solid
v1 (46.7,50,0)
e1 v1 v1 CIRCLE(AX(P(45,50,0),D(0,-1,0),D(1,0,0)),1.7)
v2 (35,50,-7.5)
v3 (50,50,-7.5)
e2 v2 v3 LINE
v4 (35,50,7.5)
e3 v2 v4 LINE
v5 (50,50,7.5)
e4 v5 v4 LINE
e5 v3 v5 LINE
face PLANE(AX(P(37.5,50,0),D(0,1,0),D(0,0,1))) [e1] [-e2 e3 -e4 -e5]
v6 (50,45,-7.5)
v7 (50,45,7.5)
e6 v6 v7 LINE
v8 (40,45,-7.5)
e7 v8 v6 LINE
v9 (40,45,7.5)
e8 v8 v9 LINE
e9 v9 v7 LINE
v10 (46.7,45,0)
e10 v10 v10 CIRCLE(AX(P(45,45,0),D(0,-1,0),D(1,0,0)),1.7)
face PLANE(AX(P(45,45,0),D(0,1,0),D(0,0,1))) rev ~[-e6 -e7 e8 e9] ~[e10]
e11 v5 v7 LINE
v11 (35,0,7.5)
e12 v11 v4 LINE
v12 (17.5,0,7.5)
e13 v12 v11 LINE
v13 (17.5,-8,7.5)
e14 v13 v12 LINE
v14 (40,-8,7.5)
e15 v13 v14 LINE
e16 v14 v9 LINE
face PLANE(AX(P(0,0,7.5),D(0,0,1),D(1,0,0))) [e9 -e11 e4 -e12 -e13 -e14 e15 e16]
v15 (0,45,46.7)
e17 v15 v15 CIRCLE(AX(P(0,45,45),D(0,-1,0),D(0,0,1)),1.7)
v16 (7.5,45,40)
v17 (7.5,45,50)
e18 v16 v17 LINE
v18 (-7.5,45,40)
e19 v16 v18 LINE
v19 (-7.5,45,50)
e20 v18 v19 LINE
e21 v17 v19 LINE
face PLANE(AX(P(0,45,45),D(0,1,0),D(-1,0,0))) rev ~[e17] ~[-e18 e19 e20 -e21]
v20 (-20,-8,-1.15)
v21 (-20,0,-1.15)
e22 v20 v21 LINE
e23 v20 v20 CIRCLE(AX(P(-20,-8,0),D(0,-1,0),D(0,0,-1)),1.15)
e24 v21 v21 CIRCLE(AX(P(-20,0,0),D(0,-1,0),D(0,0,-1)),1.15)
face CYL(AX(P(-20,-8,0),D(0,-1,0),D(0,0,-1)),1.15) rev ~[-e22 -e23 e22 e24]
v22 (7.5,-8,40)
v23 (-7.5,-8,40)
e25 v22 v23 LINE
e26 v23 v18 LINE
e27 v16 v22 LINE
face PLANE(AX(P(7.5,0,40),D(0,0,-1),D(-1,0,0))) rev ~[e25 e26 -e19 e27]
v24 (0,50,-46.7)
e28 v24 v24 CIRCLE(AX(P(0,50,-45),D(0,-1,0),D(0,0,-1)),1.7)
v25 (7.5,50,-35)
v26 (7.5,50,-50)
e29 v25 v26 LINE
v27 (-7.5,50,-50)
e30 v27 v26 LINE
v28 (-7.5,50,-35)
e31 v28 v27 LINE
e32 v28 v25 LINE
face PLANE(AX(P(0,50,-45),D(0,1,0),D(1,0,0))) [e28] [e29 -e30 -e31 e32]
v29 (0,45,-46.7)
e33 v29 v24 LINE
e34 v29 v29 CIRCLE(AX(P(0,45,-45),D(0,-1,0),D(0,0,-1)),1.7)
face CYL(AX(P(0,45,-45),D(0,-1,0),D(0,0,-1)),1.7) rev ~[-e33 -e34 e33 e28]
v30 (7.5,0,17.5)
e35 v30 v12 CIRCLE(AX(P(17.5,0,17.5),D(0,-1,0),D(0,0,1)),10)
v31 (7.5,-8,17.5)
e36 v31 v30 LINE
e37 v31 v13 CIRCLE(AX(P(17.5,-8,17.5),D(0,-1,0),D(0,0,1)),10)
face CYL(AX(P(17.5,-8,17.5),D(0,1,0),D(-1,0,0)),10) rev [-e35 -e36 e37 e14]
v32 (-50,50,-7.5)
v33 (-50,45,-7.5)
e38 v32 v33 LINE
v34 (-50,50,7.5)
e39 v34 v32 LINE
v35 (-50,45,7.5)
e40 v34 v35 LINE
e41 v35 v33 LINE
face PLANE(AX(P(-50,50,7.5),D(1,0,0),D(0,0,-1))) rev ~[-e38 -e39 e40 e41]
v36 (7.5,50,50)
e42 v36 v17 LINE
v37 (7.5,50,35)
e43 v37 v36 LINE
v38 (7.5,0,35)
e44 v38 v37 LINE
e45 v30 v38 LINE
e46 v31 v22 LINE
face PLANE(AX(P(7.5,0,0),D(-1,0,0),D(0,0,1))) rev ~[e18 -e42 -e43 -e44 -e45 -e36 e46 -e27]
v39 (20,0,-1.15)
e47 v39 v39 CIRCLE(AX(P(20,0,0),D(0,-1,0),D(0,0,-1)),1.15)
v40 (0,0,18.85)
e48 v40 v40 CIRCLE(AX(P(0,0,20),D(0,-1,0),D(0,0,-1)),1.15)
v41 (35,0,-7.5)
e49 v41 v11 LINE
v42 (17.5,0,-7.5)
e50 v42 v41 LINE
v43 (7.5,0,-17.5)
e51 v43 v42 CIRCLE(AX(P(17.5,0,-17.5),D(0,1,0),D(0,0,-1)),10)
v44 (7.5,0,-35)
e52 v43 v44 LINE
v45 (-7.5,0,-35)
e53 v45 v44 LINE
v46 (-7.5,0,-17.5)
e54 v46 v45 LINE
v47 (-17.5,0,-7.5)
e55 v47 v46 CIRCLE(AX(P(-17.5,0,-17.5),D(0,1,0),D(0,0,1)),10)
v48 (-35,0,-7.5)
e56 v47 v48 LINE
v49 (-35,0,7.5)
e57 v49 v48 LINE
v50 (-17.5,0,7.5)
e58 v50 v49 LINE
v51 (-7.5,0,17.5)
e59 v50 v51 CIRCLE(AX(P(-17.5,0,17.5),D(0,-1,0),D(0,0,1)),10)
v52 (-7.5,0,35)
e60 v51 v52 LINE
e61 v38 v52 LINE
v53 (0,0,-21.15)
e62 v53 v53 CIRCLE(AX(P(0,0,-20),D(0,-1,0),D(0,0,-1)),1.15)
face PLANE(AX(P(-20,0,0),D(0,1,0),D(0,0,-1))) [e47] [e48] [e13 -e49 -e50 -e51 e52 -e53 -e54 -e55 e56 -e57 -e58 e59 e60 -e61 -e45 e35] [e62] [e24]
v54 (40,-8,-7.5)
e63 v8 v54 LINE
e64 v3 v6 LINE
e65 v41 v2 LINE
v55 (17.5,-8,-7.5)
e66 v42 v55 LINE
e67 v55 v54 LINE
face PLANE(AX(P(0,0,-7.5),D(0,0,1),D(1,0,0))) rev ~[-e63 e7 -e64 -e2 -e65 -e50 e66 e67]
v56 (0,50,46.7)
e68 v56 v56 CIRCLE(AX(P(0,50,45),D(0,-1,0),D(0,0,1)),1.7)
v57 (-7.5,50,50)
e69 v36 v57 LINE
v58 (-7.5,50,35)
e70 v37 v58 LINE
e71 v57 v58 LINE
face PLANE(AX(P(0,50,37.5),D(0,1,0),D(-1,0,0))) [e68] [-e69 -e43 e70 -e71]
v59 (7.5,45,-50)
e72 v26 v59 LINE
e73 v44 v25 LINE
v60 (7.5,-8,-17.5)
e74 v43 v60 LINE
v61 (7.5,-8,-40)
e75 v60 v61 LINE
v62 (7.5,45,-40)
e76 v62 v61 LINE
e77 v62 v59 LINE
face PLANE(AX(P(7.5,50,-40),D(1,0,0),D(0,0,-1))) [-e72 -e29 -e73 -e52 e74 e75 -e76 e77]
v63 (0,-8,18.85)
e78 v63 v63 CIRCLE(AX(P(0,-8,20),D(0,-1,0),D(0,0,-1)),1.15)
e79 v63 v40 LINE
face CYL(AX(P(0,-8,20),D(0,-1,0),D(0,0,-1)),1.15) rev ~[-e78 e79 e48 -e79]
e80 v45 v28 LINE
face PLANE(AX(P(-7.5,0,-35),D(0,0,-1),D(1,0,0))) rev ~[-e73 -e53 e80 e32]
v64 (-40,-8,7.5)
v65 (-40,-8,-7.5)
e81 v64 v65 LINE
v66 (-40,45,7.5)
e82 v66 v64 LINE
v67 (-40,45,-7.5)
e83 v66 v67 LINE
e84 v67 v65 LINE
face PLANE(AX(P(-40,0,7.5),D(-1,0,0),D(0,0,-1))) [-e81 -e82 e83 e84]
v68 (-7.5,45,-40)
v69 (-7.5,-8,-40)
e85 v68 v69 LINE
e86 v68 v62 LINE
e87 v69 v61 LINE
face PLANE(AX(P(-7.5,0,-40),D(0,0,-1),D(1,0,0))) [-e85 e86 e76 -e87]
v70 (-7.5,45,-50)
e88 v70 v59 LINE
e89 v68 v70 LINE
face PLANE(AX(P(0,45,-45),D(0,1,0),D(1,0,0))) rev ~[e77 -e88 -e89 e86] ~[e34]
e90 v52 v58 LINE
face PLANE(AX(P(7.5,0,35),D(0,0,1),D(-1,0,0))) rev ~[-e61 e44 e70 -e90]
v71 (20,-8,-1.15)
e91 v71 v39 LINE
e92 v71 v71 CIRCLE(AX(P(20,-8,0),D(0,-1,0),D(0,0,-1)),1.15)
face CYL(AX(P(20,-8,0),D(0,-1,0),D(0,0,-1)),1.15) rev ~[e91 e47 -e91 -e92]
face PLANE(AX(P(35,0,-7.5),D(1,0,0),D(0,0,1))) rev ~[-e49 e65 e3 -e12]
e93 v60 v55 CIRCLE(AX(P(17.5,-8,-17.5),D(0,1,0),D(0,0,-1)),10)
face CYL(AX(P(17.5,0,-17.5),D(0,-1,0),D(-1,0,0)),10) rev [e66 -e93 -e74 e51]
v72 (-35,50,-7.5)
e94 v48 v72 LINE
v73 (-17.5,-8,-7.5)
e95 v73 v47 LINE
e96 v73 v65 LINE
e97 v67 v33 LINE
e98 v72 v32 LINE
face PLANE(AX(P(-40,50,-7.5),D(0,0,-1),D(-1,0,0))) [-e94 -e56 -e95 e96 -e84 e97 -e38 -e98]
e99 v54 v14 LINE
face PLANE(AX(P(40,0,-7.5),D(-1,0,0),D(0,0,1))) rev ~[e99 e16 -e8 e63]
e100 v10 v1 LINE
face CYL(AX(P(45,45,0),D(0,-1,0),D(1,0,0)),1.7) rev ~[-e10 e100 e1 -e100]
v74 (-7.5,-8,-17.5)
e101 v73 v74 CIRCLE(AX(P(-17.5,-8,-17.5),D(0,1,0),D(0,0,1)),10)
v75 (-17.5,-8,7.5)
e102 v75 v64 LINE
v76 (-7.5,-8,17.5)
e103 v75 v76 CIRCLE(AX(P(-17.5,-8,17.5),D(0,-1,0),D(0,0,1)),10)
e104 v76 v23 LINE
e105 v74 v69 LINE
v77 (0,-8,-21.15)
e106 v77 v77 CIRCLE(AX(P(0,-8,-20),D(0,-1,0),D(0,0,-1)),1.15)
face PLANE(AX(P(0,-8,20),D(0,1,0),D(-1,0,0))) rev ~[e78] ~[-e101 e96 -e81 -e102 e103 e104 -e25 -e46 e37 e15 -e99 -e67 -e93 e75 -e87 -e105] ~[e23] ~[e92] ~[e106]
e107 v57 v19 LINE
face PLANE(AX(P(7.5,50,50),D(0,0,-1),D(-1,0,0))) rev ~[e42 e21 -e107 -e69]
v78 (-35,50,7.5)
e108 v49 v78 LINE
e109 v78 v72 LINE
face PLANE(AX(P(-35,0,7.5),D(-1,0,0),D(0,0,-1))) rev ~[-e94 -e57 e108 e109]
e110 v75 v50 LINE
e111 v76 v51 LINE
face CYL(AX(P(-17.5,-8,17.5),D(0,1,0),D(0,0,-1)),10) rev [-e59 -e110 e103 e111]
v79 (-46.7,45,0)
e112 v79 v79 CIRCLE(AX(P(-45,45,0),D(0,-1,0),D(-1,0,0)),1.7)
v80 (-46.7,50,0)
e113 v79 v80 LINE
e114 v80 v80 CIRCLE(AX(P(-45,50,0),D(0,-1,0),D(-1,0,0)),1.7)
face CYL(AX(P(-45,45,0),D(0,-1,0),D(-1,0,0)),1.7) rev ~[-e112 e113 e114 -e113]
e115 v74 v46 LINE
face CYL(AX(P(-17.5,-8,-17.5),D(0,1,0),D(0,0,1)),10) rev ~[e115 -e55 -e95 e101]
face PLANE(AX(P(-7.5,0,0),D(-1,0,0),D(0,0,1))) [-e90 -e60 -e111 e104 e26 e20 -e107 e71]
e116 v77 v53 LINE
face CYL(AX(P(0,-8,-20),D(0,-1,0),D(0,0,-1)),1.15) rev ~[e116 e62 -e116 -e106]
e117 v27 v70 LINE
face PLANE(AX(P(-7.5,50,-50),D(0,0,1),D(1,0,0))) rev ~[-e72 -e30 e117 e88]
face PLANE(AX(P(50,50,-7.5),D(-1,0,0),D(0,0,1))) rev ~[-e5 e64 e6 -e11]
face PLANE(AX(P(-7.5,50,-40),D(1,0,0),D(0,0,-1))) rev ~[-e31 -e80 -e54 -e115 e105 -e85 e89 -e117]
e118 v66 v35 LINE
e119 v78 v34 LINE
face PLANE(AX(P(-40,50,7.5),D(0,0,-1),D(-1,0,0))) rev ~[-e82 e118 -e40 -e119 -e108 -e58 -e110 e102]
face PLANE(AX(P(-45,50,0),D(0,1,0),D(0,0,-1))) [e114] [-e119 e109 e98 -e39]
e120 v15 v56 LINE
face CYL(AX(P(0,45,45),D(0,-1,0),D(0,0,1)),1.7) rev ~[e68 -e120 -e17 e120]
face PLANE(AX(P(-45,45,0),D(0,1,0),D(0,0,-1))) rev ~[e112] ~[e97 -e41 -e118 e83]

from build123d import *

# Parameters (mm, degrees)
SKETCH2_W           = 15
SKETCH2_H           = 40
BOSS_EXTRUDE1_DEPTH = 8
SKETCH3_W           = 15
SKETCH3_H           = 5
BOSS_EXTRUDE4_DEPTH = 50
SKETCH6_W           = 15
SKETCH6_H           = 10
BOSS_EXTRUDE5_DEPTH = 5
SKETCH8_R           = 1.7
CUT_EXTRUDE1_DEPTH  = 74.247866863
CIRPATTERN1_COUNT   = 4
FILLET1_R           = 10
SKETCH9_R           = 1.15
CUT_EXTRUDE2_DEPTH  = 92.454906921


with BuildPart() as part:
    # Sketch2 → Boss-Extrude1 (new body)
    with BuildSketch(Plane(origin=(0, 0, 0), x_dir=(1, 0, 0), z_dir=(0, 1, 0))):
        with Locations((0, 20)):
            Rectangle(SKETCH2_W, SKETCH2_H)
    boss_extrude1 = extrude(amount=-BOSS_EXTRUDE1_DEPTH)

    # Sketch3 → Boss-Extrude4 (add)
    with BuildSketch(Plane(origin=(0, 0, 0), x_dir=(1, 0, 0), z_dir=(0, 1, 0))):
        with Locations((0, 37.5)):
            Rectangle(SKETCH3_W, SKETCH3_H)
    boss_extrude4 = extrude(amount=BOSS_EXTRUDE4_DEPTH)

    # Sketch6 → Boss-Extrude5 (add)
    with BuildSketch(Plane(origin=(0, 50, 0), x_dir=(1, 0, 0), z_dir=(0, 1, 0))):
        with Locations((0, 45)):
            Rectangle(SKETCH6_W, SKETCH6_H)
    boss_extrude5 = extrude(amount=-BOSS_EXTRUDE5_DEPTH)

    # Sketch8 → Cut-Extrude1 (cut, through all)
    with BuildSketch(Plane.XZ.offset(-45)):
        with Locations(Location((0, -45, 0), (0, 0, 270))):
            Circle(SKETCH8_R)
    cut_extrude1 = extrude(amount=-CUT_EXTRUDE1_DEPTH, mode=Mode.SUBTRACT)

    # CirPattern1: Boss-Extrude1, Boss-Extrude4, Boss-Extrude5, Cut-Extrude1 ×4 about axis
    cirpattern1_axis = Axis((0, 0, 0), (0, 1, 0))
    add([boss_extrude1.rotate(cirpattern1_axis, i * 360 / CIRPATTERN1_COUNT) for i in range(1, CIRPATTERN1_COUNT)])
    add([boss_extrude4.rotate(cirpattern1_axis, i * 360 / CIRPATTERN1_COUNT) for i in range(1, CIRPATTERN1_COUNT)])
    add([boss_extrude5.rotate(cirpattern1_axis, i * 360 / CIRPATTERN1_COUNT) for i in range(1, CIRPATTERN1_COUNT)])
    add([cut_extrude1.rotate(cirpattern1_axis, i * 360 / CIRPATTERN1_COUNT) for i in range(1, CIRPATTERN1_COUNT)], mode=Mode.SUBTRACT)

    # Fillet1
    fillet1_edges = [part.edges().sort_by_distance(p)[0] for p in [
        (-7.5, -4, -7.5),
        (7.5, -4, -7.5),
        (-7.5, -4, 7.5),
        (7.5, -4, 7.5),
    ]]
    fillet(fillet1_edges, radius=FILLET1_R)

    # Sketch9 → Cut-Extrude2 (cut, through all)
    with BuildSketch(Plane.XZ.offset(8)):
        with Locations(Location((0, 20, 0), (0, 0, 270))):
            Circle(SKETCH9_R)
        with Locations(Location((20, 0, 0), (0, 0, 270))):
            Circle(SKETCH9_R)
        with Locations(Location((0, -20, 0), (0, 0, 270))):
            Circle(SKETCH9_R)
        with Locations(Location((-20, 0, 0), (0, 0, 270))):
            Circle(SKETCH9_R)
    extrude(amount=-CUT_EXTRUDE2_DEPTH, mode=Mode.SUBTRACT)


solid = part.part
